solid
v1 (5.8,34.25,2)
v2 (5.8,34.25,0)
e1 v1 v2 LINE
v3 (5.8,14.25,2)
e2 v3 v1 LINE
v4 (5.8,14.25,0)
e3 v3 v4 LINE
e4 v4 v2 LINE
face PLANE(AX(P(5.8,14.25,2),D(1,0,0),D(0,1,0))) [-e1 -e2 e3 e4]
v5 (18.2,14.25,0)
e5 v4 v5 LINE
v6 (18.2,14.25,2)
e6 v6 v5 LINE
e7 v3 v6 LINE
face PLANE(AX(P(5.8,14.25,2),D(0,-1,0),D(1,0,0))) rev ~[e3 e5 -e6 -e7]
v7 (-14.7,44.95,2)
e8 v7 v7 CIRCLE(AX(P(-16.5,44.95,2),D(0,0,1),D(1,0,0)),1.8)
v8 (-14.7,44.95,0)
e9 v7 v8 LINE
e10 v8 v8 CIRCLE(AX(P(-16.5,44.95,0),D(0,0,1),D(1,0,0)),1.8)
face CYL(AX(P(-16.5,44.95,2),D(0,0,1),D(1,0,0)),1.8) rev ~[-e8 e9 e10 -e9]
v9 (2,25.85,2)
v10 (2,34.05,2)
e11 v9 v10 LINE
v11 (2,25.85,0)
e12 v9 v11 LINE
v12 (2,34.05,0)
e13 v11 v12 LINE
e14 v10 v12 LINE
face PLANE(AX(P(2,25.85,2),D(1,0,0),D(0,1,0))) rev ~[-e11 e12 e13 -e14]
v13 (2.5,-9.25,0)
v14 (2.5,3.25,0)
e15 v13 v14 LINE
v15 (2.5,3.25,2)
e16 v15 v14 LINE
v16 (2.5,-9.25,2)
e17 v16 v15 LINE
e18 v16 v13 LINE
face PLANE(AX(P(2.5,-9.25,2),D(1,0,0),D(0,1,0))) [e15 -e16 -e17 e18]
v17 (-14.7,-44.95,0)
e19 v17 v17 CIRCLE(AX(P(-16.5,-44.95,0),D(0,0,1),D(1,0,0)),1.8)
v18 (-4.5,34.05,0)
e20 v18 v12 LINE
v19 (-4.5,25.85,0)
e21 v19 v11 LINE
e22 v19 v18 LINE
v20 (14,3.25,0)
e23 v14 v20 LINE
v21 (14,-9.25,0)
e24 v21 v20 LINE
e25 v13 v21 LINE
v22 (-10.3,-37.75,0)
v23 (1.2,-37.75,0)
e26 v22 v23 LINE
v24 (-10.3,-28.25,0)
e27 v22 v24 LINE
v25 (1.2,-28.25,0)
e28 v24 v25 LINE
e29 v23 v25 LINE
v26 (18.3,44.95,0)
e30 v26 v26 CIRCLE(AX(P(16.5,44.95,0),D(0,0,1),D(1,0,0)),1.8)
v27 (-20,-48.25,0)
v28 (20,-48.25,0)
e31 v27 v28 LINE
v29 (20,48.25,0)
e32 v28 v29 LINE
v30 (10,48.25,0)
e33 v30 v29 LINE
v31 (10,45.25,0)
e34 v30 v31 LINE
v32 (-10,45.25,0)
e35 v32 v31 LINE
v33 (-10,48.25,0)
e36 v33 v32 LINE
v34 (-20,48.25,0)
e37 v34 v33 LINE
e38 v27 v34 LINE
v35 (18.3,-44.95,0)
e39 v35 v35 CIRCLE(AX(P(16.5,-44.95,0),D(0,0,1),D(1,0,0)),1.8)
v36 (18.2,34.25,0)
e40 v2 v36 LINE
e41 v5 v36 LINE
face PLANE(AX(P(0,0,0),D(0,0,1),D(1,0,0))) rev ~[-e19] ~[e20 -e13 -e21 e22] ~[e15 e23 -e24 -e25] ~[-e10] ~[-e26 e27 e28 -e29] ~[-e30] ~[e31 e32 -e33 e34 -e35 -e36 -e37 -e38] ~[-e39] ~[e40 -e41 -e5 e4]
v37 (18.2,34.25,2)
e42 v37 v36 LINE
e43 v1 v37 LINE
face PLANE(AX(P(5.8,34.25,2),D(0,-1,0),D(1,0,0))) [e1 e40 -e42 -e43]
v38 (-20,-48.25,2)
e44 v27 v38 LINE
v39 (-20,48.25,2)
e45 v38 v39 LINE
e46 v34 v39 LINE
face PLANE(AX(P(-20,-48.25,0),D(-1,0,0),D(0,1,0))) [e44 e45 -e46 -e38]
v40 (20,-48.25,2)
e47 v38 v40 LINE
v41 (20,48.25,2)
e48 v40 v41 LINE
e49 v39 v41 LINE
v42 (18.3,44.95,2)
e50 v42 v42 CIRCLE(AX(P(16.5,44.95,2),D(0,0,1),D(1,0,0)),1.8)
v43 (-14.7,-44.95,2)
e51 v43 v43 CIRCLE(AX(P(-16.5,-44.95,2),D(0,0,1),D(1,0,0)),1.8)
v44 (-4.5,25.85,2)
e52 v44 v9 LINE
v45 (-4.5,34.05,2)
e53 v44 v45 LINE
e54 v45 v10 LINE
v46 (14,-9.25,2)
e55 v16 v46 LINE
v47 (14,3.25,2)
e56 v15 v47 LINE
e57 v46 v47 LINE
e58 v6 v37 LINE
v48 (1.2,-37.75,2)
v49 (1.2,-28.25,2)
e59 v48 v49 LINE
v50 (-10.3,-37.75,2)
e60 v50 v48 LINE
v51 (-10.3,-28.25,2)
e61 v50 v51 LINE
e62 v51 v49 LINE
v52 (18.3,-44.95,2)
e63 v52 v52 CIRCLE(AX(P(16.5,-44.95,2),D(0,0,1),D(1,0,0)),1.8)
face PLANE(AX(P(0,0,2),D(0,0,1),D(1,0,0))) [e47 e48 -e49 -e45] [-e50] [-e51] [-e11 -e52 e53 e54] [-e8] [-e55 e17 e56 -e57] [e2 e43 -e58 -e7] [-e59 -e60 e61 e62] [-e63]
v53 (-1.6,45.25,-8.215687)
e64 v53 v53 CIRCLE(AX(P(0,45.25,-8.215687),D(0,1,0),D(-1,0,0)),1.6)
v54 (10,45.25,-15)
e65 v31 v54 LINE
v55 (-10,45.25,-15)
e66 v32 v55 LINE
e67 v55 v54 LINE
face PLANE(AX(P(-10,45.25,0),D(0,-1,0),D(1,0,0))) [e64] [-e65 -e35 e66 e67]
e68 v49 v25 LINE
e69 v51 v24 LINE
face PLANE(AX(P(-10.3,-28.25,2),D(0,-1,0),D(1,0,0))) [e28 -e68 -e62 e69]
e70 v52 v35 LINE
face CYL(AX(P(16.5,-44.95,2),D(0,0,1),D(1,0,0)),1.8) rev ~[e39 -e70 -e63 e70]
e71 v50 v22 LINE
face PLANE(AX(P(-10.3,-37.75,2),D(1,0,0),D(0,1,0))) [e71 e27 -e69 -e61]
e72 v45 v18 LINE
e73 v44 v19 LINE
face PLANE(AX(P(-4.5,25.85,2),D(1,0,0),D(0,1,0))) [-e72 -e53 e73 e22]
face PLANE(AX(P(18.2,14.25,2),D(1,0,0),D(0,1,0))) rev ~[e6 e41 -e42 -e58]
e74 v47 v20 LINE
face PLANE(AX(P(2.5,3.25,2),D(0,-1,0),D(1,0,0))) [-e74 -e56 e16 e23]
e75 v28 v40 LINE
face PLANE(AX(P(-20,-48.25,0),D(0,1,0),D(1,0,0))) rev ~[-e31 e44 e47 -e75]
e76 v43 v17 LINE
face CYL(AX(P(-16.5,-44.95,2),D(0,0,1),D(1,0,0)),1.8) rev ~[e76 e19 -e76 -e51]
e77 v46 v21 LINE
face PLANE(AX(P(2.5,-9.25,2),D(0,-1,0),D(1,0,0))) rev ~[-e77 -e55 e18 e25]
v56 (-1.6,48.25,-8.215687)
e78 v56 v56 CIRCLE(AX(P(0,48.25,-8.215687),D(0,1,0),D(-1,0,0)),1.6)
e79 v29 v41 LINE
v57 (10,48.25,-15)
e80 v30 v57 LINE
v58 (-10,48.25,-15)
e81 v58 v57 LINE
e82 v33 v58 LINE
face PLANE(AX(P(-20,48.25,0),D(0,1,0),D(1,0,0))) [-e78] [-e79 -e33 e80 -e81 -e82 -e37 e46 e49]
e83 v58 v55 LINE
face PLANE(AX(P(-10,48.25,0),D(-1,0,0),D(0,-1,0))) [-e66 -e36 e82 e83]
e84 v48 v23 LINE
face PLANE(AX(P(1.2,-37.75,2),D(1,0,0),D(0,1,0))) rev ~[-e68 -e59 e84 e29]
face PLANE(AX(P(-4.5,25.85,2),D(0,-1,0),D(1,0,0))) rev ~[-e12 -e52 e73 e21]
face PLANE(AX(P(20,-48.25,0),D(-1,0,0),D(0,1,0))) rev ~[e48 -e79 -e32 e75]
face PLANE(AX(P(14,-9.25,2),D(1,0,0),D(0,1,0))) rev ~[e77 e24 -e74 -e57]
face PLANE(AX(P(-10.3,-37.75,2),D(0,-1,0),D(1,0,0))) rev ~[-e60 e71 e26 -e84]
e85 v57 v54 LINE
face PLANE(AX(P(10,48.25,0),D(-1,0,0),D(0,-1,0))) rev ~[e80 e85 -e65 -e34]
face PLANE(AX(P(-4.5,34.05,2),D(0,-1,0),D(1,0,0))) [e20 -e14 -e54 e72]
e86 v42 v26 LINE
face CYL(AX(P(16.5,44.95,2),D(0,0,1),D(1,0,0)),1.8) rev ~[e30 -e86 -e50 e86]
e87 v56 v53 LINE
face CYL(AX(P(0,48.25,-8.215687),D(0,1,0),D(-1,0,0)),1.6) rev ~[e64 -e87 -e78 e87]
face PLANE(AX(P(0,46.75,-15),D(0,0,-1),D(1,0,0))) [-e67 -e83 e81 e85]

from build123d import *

# Parameters (mm, degrees)
SKETCH_W        = 40
SKETCH_H        = 96.5
PAD_DEPTH       = 2
SKETCH001_R     = 1.8
SKETCH001_W     = 11.5
SKETCH001_H     = 12.5
SKETCH001_W_2   = 6.5
SKETCH001_H_2   = 8.2
SKETCH001_H_3   = 9.5
SKETCH001_W_3   = 12.4
SKETCH001_H_4   = 20
POCKET_DEPTH    = 5
SKETCH002_W     = 20
SKETCH002_H     = 3
PAD001_DEPTH    = 15
SKETCH003_R     = 1.6
POCKET001_DEPTH = 5


with BuildPart() as part:
    # Sketch → Pad (new body)
    with BuildSketch(Plane.XY):
        Rectangle(SKETCH_W, SKETCH_H)
    extrude(amount=PAD_DEPTH)

    # Sketch001 (on Face6 of Pad) → Pocket (cut)
    with BuildSketch(Plane.XY.offset(2)):
        with Locations((-16.5, 44.95)):
            Circle(SKETCH001_R)
        with Locations((16.5, 44.95)):
            Circle(SKETCH001_R)
        with Locations((-16.5, -44.95)):
            Circle(SKETCH001_R)
        with Locations((16.5, -44.95)):
            Circle(SKETCH001_R)
        with Locations((8.25, -3)):
            Rectangle(SKETCH001_W, SKETCH001_H)
        with Locations((-1.25, 29.95)):
            Rectangle(SKETCH001_W_2, SKETCH001_H_2)
        with Locations((-4.55, -33)):
            Rectangle(SKETCH001_W, SKETCH001_H_3)
        with Locations((12, 24.25)):
            Rectangle(SKETCH001_W_3, SKETCH001_H_4)
    extrude(amount=-POCKET_DEPTH, mode=Mode.SUBTRACT)

    # Sketch002 (on Face4 of Pocket) → Pad001 (join)
    with BuildSketch(Plane(origin=(0, 0, 0), x_dir=(1, 0, 0), z_dir=(0, 0, -1))):
        with Locations((0, -46.75)):
            Rectangle(SKETCH002_W, SKETCH002_H)
    extrude(amount=PAD001_DEPTH)

    # Sketch003 (on Face5 of Pad001) → Pocket001 (cut)
    with BuildSketch(Plane(origin=(0, 48.25, 0), x_dir=(-1, 0, 0), z_dir=(0, 1, 0))):
        with Locations((0, -8.215687)):
            Circle(SKETCH003_R)
    extrude(amount=-POCKET001_DEPTH, mode=Mode.SUBTRACT)


solid = part.part
